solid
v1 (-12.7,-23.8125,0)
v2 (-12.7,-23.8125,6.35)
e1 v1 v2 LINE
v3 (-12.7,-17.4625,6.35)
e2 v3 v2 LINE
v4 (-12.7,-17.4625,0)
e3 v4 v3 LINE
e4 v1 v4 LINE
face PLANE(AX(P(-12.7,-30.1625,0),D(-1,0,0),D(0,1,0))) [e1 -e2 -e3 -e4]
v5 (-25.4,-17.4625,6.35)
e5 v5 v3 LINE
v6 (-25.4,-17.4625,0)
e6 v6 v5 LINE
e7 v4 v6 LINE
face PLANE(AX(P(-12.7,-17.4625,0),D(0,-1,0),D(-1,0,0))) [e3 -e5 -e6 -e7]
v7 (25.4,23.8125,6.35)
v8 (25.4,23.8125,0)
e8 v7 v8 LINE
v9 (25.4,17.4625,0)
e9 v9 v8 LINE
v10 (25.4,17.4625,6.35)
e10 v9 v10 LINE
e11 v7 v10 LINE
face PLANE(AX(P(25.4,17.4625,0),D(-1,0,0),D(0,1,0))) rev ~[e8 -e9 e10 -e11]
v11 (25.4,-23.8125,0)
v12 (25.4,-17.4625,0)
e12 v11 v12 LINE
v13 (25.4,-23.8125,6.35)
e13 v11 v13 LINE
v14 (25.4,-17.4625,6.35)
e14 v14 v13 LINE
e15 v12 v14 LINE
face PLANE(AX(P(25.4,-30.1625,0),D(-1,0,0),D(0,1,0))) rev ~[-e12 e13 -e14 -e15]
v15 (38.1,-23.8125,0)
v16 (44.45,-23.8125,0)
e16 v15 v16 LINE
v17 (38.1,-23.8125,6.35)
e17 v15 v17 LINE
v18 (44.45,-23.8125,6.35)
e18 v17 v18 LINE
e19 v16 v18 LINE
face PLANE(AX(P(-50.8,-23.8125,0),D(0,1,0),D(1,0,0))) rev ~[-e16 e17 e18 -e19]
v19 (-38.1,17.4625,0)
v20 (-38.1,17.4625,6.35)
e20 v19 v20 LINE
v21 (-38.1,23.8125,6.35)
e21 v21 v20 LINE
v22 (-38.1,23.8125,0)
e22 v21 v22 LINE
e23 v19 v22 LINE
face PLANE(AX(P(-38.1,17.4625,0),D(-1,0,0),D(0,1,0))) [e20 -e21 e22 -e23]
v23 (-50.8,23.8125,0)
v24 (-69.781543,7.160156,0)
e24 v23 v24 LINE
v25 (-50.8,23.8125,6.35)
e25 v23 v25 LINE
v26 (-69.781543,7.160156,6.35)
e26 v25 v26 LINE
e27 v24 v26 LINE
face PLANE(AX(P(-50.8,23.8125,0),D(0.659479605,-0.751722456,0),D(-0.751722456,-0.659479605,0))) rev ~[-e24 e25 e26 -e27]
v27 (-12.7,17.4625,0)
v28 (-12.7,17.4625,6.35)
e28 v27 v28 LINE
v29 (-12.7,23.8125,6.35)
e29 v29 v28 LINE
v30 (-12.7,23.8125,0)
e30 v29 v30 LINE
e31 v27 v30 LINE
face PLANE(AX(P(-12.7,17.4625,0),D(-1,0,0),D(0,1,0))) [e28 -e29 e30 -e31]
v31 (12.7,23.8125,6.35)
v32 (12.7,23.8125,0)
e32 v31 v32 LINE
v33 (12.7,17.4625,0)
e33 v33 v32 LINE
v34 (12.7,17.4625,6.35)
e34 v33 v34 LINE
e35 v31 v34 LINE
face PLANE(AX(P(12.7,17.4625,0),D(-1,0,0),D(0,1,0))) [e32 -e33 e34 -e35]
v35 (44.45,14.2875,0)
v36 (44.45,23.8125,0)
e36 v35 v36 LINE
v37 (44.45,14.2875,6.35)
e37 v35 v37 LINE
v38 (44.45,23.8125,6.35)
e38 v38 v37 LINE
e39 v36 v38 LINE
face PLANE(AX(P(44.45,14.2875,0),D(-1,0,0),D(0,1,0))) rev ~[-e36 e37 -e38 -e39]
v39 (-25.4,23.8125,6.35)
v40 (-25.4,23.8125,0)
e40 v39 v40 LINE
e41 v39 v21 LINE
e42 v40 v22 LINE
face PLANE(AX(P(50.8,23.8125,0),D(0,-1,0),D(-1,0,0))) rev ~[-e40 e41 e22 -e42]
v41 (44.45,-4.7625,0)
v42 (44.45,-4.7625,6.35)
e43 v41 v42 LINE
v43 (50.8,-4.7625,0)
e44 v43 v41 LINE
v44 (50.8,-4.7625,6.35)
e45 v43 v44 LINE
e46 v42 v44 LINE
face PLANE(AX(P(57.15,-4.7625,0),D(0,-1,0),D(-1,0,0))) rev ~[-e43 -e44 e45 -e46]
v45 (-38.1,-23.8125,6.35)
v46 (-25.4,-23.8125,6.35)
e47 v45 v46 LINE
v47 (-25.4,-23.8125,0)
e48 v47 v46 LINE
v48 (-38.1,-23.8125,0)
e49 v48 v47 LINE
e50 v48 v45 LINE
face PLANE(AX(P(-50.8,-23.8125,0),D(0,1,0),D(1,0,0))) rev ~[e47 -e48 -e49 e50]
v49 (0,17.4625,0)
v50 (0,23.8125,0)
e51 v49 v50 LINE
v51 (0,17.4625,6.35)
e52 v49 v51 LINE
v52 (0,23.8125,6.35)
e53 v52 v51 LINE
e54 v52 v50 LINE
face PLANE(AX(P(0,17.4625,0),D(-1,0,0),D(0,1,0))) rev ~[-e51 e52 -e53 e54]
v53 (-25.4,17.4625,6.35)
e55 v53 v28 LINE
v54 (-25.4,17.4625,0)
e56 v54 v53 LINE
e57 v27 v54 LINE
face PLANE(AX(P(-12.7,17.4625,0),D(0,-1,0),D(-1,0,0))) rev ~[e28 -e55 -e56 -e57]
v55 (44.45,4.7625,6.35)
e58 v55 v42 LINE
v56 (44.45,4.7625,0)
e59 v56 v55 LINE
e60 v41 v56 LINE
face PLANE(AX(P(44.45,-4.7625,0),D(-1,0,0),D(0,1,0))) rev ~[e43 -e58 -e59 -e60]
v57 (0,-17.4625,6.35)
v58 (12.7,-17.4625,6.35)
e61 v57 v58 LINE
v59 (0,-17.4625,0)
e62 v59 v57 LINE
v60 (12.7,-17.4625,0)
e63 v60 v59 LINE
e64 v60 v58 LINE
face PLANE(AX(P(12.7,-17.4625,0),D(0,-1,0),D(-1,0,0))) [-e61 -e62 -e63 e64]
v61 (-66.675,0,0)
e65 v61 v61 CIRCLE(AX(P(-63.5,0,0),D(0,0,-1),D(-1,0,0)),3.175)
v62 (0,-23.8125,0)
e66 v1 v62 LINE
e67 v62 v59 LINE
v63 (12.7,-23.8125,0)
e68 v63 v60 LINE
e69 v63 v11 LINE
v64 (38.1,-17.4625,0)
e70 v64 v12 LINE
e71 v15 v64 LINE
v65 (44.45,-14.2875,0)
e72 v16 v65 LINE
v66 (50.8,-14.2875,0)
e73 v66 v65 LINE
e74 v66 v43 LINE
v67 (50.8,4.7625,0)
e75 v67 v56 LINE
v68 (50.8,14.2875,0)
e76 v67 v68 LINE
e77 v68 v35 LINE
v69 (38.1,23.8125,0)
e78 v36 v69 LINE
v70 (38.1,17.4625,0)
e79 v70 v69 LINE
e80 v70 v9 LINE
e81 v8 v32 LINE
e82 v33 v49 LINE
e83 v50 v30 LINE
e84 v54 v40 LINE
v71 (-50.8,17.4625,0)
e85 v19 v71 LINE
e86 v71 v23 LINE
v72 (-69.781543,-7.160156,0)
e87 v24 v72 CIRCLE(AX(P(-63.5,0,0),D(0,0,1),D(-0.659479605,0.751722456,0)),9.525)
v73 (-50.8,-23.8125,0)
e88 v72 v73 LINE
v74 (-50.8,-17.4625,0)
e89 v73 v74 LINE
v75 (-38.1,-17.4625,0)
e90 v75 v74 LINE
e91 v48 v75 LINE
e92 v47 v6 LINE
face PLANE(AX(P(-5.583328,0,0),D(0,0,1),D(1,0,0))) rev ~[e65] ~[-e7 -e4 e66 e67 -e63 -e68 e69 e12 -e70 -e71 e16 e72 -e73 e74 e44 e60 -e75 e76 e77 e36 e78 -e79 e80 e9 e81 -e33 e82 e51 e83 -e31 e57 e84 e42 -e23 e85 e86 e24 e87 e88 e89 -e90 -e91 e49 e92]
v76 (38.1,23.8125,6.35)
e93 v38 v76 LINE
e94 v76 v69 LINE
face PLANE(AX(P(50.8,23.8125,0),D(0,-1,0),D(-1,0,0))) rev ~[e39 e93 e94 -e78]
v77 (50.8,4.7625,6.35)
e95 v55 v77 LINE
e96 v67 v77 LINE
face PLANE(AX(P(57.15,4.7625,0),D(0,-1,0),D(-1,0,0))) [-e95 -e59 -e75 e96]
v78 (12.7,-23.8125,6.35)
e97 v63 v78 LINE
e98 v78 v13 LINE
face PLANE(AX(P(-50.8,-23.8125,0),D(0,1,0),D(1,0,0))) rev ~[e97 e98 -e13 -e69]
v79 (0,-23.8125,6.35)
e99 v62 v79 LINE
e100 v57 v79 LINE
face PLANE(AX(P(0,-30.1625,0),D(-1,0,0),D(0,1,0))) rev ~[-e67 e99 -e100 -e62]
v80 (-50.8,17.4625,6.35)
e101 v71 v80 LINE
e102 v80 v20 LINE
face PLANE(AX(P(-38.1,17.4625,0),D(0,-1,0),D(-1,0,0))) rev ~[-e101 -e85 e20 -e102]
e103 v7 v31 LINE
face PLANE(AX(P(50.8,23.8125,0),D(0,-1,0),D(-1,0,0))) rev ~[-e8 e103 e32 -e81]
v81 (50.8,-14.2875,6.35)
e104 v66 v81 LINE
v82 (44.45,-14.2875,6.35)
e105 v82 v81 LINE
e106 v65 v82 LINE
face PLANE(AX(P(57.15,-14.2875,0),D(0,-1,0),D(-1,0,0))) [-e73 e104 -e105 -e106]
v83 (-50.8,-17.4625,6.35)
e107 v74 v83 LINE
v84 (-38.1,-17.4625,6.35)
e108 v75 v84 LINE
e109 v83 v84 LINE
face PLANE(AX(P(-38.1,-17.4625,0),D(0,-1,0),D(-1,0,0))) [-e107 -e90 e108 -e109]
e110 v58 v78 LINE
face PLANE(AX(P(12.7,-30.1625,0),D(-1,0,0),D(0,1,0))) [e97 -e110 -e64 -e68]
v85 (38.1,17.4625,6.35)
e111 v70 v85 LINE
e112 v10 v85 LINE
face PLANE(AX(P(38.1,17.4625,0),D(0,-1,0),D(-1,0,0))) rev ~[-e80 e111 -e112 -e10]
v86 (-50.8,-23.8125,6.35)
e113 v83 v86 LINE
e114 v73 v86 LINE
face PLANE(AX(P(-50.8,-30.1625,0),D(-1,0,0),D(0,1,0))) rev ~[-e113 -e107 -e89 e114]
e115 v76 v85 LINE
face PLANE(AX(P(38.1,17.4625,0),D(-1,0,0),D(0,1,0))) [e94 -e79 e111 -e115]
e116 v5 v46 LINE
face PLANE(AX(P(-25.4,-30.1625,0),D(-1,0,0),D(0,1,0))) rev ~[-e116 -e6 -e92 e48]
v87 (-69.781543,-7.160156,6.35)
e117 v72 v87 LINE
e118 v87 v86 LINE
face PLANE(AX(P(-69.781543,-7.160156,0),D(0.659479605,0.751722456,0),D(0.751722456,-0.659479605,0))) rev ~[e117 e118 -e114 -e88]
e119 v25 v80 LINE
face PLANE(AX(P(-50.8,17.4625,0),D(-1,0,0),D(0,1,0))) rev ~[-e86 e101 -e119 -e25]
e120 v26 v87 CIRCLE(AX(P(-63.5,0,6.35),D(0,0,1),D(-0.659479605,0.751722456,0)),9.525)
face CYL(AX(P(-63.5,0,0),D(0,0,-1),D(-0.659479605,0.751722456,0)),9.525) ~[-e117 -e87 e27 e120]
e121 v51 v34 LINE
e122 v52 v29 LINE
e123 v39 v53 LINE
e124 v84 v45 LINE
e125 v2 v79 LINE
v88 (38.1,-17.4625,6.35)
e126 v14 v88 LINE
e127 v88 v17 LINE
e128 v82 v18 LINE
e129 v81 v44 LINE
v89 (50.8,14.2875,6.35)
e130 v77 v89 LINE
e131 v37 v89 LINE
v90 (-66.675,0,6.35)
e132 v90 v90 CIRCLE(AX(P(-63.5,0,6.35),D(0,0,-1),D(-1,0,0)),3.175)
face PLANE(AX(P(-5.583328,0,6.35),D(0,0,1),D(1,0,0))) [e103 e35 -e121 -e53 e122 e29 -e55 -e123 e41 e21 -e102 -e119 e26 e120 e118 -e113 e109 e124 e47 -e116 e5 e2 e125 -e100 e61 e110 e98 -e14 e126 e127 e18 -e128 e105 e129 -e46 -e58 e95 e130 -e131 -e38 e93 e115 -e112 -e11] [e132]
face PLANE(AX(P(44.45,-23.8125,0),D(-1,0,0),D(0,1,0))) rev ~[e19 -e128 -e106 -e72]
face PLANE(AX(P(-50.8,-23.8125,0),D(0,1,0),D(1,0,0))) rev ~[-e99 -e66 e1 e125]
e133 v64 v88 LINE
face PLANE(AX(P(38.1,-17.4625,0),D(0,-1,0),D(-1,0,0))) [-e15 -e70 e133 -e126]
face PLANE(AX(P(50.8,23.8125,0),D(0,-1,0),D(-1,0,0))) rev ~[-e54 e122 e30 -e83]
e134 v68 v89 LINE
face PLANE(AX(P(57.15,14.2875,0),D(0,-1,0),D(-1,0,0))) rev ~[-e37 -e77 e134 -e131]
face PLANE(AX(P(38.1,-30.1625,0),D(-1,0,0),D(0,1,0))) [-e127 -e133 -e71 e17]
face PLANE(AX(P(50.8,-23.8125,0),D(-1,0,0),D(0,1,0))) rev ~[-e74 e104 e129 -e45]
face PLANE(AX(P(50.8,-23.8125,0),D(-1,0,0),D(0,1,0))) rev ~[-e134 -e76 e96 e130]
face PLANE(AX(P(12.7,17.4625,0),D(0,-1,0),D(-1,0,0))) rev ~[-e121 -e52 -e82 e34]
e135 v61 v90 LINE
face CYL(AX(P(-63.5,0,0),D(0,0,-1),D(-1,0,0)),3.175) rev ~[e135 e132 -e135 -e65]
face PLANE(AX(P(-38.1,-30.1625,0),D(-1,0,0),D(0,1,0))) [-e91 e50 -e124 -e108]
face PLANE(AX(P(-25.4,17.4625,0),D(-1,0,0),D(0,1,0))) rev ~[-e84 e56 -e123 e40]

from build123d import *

# Parameters (mm, degrees)
MASS_DEPTH          = 6.35
SKETCH4_R           = 3.175
CUT_EXTRUDE1_DEPTH  = 78.071449197
SKETCH3_W           = 12.7
SKETCH3_H           = 12.7
CUT_EXTRUDE2_DEPTH  = 78.071449197
LPATTERN1_COUNT     = 4
LPATTERN1_PITCH     = 25.4
SKETCH5_W           = 12.7
SKETCH5_H           = 9.525
CUT_EXTRUDE3_DEPTH  = 78.071449197
LPATTERN2_COUNT     = 2
LPATTERN2_PITCH     = 19.05
LPATTERN2_COL_COUNT = 2
LPATTERN2_COL_PITCH = 19.05


with BuildPart() as part:
    # Sketch1 → Mass (new body)
    with BuildSketch(Plane.XY):
        with BuildLine():
            Line((-50.8, -23.8125), (50.8, -23.8125))
            Line((50.8, -23.8125), (50.8, 23.8125))
            Line((50.8, 23.8125), (-50.8, 23.8125))
            Line((-50.8, 23.8125), (-69.781543236, 7.160156393))
            ThreePointArc((-69.781543236, 7.160156393), (-73.025, 0), (-69.781543236, -7.160156393))
            Line((-69.781543236, -7.160156393), (-50.8, -23.8125))
        make_face()
    extrude(amount=MASS_DEPTH)

    # Sketch4 → Cut-Extrude1 (cut, through all)
    with BuildSketch(Plane(origin=(0, 0, 0), x_dir=(-1, 0, 0), z_dir=(0, 0, -1))):
        with Locations((63.5, 0)):
            Circle(SKETCH4_R)
    extrude(amount=-CUT_EXTRUDE1_DEPTH, mode=Mode.SUBTRACT)

    # Sketch3 → Cut-Extrude2 (cut, through all)
    with BuildSketch(Plane(origin=(0, 0, 0), x_dir=(-1, 0, 0), z_dir=(0, 0, -1))):
        with Locations((-31.75, 23.8125)):
            Rectangle(SKETCH3_W, SKETCH3_H)
        with Locations((-31.75, -23.8125)):
            Rectangle(SKETCH3_W, SKETCH3_H)
    cut_extrude2 = extrude(amount=-CUT_EXTRUDE2_DEPTH, mode=Mode.SUBTRACT)

    # LPattern1: Cut-Extrude2 ×4
    with Locations(*[(-i * LPATTERN1_PITCH, 0, 0) for i in range(1, LPATTERN1_COUNT)]):
        add(cut_extrude2, mode=Mode.SUBTRACT)

    # Sketch5 → Cut-Extrude3 (cut, through all)
    with BuildSketch(Plane(origin=(0, 0, 0), x_dir=(-1, 0, 0), z_dir=(0, 0, -1))):
        with Locations((-50.8, 0)):
            Rectangle(SKETCH5_W, SKETCH5_H)
    cut_extrude3 = extrude(amount=-CUT_EXTRUDE3_DEPTH, mode=Mode.SUBTRACT)

    # LPattern2: Cut-Extrude3 ×2
    with Locations(*[(0, -i * LPATTERN2_PITCH, 0) for i in range(1, LPATTERN2_COUNT)]):
        add(cut_extrude3, mode=Mode.SUBTRACT)

    # LPattern2 col: Cut-Extrude3 ×2
    with Locations(*[(0, i * LPATTERN2_COL_PITCH, 0) for i in range(1, LPATTERN2_COL_COUNT)]):
        add(cut_extrude3, mode=Mode.SUBTRACT)


solid = part.part
